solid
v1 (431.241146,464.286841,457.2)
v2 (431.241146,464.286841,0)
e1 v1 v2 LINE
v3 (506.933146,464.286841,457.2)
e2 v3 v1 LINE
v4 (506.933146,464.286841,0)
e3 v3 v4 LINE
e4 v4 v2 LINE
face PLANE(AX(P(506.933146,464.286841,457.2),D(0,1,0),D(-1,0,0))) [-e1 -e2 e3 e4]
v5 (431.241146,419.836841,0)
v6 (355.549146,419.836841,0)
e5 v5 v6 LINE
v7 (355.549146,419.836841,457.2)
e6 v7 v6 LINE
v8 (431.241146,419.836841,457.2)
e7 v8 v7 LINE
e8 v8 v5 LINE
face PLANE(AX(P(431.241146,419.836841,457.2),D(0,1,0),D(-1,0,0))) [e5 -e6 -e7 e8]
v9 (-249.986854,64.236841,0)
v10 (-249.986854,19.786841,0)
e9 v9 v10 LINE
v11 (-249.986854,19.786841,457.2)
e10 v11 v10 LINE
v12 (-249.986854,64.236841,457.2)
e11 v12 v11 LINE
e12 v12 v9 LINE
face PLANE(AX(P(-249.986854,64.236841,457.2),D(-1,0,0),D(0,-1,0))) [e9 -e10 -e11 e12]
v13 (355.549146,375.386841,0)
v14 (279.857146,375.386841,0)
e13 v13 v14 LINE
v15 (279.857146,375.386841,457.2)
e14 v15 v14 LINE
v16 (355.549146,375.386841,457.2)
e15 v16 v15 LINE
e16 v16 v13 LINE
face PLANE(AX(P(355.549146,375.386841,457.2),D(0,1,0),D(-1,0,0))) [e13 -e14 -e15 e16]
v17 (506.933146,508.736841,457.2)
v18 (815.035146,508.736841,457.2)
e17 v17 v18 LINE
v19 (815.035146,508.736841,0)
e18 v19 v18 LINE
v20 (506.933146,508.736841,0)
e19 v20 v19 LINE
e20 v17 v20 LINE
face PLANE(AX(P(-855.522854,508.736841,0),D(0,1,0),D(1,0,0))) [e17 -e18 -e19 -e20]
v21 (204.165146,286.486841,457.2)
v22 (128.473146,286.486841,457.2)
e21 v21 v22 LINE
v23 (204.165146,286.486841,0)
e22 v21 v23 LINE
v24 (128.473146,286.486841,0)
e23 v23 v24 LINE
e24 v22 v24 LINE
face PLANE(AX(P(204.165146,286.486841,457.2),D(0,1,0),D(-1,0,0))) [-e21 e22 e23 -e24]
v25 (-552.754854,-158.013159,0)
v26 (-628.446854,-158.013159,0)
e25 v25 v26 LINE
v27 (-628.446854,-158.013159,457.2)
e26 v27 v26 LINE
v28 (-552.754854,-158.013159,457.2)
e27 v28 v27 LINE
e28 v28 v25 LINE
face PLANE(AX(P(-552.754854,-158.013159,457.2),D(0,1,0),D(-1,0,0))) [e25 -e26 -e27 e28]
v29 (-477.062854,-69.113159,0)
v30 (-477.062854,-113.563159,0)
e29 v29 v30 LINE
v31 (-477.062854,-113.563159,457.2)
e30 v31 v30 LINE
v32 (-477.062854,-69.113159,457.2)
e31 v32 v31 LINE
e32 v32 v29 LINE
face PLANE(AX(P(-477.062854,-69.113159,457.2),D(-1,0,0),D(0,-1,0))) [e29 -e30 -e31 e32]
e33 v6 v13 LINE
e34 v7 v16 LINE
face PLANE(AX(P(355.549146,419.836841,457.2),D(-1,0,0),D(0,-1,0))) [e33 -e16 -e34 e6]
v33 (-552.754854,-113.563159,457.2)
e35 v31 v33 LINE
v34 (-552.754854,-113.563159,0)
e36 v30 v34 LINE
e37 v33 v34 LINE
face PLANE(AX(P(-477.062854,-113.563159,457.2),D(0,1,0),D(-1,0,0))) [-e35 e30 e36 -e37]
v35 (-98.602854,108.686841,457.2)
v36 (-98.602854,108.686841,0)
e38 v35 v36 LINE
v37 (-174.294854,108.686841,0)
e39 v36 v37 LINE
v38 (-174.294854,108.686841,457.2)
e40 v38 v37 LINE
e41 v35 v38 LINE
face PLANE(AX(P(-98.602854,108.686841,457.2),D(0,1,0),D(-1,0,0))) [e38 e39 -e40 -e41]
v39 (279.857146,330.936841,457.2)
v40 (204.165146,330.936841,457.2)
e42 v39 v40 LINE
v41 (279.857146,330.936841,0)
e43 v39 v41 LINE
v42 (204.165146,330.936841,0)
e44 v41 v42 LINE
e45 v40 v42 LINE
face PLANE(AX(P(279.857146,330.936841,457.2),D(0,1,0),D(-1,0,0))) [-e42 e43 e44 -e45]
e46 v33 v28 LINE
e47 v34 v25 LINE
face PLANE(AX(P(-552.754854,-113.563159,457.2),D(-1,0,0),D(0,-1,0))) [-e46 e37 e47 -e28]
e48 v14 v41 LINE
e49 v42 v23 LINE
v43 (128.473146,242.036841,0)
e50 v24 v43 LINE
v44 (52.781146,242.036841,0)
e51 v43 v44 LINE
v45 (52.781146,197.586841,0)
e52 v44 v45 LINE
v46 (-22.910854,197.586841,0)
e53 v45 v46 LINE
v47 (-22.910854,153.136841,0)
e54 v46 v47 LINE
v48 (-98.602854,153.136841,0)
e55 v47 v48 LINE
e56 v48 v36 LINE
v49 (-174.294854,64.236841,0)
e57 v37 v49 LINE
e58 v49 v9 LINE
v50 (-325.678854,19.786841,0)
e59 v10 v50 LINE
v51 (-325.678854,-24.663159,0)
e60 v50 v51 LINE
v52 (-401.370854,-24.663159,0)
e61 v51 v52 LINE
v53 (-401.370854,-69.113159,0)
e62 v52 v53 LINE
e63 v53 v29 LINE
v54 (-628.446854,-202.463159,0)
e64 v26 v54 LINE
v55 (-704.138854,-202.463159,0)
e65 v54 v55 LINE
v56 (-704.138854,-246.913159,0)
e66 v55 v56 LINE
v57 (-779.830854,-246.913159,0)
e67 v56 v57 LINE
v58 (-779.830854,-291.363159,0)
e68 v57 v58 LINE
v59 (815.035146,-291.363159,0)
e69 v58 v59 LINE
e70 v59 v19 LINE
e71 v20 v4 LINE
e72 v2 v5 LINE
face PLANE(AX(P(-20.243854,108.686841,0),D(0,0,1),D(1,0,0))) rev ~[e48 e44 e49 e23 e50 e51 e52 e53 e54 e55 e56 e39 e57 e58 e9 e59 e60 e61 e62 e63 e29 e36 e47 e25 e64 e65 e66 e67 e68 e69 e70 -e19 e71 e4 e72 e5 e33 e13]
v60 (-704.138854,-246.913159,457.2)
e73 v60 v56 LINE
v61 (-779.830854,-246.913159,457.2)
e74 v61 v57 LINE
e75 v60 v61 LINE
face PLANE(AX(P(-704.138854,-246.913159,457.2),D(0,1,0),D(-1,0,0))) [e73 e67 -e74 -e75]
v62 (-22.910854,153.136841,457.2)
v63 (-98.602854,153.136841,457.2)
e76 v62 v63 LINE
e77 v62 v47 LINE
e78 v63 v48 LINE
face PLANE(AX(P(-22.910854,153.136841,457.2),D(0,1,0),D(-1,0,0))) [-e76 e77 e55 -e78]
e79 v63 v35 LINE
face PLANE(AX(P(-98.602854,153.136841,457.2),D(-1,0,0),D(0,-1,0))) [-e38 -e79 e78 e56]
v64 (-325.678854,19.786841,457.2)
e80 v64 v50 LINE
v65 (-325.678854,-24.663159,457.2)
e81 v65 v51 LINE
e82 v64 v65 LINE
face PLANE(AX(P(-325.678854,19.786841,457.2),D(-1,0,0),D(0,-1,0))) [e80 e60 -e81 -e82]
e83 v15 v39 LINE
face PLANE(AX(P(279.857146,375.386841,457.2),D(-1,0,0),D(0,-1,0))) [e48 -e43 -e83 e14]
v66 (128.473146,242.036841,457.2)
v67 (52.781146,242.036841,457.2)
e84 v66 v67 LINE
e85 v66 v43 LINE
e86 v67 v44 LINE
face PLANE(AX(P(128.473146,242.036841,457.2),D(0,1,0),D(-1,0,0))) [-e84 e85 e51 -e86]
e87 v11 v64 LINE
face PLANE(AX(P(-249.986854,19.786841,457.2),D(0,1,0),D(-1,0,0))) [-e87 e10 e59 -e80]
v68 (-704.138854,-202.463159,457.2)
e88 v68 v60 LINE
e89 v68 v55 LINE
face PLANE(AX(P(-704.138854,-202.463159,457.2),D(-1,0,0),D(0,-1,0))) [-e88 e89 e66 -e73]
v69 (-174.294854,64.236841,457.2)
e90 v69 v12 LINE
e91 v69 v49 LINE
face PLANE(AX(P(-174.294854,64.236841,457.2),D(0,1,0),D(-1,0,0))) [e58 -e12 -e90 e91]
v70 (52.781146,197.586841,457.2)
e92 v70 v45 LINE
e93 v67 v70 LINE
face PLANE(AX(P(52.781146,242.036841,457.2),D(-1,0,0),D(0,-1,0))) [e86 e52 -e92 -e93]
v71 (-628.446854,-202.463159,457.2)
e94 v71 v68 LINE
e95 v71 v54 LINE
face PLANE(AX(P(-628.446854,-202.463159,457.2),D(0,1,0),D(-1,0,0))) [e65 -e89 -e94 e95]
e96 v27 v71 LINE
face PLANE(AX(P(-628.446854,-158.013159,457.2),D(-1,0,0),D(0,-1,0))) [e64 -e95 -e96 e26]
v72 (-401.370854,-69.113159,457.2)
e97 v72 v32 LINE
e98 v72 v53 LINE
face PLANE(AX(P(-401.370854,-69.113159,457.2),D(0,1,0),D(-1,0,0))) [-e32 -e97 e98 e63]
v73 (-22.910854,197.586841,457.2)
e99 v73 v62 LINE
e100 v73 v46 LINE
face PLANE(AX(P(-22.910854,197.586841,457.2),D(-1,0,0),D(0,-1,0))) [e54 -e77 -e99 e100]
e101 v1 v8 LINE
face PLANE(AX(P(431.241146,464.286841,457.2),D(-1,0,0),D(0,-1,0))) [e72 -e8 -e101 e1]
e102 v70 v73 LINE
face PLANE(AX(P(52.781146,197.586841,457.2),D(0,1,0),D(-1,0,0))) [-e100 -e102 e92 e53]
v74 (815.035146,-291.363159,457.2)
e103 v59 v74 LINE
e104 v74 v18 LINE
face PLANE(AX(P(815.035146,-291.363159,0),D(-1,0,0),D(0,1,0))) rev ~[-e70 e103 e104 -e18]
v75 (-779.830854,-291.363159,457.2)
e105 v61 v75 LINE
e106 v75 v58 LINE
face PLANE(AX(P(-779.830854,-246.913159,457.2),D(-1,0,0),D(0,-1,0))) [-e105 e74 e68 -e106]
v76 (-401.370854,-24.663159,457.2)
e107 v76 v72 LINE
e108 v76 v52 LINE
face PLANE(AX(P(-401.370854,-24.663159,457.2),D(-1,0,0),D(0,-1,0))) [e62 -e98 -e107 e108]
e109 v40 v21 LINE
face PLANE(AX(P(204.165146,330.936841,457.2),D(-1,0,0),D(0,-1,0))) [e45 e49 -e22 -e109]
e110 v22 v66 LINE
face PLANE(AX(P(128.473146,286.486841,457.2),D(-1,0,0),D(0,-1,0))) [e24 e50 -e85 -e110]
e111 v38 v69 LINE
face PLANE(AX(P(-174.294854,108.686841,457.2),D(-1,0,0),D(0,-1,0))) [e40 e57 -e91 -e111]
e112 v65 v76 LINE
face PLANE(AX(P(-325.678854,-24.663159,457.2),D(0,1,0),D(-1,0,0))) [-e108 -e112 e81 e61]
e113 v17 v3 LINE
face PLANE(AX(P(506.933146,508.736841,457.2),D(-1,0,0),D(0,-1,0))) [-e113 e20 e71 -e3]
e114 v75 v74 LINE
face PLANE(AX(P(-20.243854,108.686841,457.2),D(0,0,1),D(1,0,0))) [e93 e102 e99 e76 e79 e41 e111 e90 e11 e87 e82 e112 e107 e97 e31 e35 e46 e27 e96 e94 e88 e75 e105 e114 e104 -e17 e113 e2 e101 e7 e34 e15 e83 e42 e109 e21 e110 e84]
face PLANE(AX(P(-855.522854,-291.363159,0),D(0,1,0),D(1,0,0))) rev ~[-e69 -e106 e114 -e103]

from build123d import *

# Parameters (mm, degrees)
SKETCH1_W           = 1670.558
SKETCH1_H           = 800.1
BOSS_EXTRUDE1_DEPTH = 457.2
CUT_EXTRUDE1_DEPTH  = 457.2


with BuildPart() as part:
    # Sketch1 → Boss-Extrude1 (new body)
    with BuildSketch(Plane.XY):
        with Locations((-20.24385353, 108.686840885)):
            Rectangle(SKETCH1_W, SKETCH1_H)
    extrude(amount=BOSS_EXTRUDE1_DEPTH)

    # Sketch2 → Cut-Extrude1 (cut)
    with BuildSketch(Plane.XY.offset(457.2)):
        Polygon((506.93314647, 508.736840885), (506.93314647, 464.286840885), (431.24114647, 464.286840885), (431.24114647, 419.836840885), (355.54914647, 419.836840885), (355.54914647, 375.386840885), (279.85714647, 375.386840885), (279.85714647, 330.936840885), (204.16514647, 330.936840885), (204.16514647, 286.486840885), (128.47314647, 286.486840885), (128.47314647, 242.036840885), (52.78114647, 242.036840885), (52.78114647, 197.586840885), (-22.91085353, 197.586840885), (-22.91085353, 153.136840885), (-98.60285353, 153.136840885), (-98.60285353, 108.686840885), (-174.29485353, 108.686840885), (-174.29485353, 64.236840885), (-249.98685353, 64.236840885), (-249.98685353, 19.786840885), (-325.67885353, 19.786840885), (-325.67885353, -24.663159115), (-401.37085353, -24.663159115), (-401.37085353, -69.113159115), (-477.06285353, -69.113159115), (-477.06285353, -113.563159115), (-552.75485353, -113.563159115), (-552.75485353, -158.013159115), (-628.44685353, -158.013159115), (-628.44685353, -202.463159115), (-704.13885353, -202.463159115), (-704.13885353, -246.913159115), (-779.83085353, -246.913159115), (-779.83085353, -291.363159115), (-855.52285353, -291.363159115), (-855.52285353, 508.736840885), align=None)
    extrude(amount=-CUT_EXTRUDE1_DEPTH, mode=Mode.SUBTRACT)


solid = part.part
